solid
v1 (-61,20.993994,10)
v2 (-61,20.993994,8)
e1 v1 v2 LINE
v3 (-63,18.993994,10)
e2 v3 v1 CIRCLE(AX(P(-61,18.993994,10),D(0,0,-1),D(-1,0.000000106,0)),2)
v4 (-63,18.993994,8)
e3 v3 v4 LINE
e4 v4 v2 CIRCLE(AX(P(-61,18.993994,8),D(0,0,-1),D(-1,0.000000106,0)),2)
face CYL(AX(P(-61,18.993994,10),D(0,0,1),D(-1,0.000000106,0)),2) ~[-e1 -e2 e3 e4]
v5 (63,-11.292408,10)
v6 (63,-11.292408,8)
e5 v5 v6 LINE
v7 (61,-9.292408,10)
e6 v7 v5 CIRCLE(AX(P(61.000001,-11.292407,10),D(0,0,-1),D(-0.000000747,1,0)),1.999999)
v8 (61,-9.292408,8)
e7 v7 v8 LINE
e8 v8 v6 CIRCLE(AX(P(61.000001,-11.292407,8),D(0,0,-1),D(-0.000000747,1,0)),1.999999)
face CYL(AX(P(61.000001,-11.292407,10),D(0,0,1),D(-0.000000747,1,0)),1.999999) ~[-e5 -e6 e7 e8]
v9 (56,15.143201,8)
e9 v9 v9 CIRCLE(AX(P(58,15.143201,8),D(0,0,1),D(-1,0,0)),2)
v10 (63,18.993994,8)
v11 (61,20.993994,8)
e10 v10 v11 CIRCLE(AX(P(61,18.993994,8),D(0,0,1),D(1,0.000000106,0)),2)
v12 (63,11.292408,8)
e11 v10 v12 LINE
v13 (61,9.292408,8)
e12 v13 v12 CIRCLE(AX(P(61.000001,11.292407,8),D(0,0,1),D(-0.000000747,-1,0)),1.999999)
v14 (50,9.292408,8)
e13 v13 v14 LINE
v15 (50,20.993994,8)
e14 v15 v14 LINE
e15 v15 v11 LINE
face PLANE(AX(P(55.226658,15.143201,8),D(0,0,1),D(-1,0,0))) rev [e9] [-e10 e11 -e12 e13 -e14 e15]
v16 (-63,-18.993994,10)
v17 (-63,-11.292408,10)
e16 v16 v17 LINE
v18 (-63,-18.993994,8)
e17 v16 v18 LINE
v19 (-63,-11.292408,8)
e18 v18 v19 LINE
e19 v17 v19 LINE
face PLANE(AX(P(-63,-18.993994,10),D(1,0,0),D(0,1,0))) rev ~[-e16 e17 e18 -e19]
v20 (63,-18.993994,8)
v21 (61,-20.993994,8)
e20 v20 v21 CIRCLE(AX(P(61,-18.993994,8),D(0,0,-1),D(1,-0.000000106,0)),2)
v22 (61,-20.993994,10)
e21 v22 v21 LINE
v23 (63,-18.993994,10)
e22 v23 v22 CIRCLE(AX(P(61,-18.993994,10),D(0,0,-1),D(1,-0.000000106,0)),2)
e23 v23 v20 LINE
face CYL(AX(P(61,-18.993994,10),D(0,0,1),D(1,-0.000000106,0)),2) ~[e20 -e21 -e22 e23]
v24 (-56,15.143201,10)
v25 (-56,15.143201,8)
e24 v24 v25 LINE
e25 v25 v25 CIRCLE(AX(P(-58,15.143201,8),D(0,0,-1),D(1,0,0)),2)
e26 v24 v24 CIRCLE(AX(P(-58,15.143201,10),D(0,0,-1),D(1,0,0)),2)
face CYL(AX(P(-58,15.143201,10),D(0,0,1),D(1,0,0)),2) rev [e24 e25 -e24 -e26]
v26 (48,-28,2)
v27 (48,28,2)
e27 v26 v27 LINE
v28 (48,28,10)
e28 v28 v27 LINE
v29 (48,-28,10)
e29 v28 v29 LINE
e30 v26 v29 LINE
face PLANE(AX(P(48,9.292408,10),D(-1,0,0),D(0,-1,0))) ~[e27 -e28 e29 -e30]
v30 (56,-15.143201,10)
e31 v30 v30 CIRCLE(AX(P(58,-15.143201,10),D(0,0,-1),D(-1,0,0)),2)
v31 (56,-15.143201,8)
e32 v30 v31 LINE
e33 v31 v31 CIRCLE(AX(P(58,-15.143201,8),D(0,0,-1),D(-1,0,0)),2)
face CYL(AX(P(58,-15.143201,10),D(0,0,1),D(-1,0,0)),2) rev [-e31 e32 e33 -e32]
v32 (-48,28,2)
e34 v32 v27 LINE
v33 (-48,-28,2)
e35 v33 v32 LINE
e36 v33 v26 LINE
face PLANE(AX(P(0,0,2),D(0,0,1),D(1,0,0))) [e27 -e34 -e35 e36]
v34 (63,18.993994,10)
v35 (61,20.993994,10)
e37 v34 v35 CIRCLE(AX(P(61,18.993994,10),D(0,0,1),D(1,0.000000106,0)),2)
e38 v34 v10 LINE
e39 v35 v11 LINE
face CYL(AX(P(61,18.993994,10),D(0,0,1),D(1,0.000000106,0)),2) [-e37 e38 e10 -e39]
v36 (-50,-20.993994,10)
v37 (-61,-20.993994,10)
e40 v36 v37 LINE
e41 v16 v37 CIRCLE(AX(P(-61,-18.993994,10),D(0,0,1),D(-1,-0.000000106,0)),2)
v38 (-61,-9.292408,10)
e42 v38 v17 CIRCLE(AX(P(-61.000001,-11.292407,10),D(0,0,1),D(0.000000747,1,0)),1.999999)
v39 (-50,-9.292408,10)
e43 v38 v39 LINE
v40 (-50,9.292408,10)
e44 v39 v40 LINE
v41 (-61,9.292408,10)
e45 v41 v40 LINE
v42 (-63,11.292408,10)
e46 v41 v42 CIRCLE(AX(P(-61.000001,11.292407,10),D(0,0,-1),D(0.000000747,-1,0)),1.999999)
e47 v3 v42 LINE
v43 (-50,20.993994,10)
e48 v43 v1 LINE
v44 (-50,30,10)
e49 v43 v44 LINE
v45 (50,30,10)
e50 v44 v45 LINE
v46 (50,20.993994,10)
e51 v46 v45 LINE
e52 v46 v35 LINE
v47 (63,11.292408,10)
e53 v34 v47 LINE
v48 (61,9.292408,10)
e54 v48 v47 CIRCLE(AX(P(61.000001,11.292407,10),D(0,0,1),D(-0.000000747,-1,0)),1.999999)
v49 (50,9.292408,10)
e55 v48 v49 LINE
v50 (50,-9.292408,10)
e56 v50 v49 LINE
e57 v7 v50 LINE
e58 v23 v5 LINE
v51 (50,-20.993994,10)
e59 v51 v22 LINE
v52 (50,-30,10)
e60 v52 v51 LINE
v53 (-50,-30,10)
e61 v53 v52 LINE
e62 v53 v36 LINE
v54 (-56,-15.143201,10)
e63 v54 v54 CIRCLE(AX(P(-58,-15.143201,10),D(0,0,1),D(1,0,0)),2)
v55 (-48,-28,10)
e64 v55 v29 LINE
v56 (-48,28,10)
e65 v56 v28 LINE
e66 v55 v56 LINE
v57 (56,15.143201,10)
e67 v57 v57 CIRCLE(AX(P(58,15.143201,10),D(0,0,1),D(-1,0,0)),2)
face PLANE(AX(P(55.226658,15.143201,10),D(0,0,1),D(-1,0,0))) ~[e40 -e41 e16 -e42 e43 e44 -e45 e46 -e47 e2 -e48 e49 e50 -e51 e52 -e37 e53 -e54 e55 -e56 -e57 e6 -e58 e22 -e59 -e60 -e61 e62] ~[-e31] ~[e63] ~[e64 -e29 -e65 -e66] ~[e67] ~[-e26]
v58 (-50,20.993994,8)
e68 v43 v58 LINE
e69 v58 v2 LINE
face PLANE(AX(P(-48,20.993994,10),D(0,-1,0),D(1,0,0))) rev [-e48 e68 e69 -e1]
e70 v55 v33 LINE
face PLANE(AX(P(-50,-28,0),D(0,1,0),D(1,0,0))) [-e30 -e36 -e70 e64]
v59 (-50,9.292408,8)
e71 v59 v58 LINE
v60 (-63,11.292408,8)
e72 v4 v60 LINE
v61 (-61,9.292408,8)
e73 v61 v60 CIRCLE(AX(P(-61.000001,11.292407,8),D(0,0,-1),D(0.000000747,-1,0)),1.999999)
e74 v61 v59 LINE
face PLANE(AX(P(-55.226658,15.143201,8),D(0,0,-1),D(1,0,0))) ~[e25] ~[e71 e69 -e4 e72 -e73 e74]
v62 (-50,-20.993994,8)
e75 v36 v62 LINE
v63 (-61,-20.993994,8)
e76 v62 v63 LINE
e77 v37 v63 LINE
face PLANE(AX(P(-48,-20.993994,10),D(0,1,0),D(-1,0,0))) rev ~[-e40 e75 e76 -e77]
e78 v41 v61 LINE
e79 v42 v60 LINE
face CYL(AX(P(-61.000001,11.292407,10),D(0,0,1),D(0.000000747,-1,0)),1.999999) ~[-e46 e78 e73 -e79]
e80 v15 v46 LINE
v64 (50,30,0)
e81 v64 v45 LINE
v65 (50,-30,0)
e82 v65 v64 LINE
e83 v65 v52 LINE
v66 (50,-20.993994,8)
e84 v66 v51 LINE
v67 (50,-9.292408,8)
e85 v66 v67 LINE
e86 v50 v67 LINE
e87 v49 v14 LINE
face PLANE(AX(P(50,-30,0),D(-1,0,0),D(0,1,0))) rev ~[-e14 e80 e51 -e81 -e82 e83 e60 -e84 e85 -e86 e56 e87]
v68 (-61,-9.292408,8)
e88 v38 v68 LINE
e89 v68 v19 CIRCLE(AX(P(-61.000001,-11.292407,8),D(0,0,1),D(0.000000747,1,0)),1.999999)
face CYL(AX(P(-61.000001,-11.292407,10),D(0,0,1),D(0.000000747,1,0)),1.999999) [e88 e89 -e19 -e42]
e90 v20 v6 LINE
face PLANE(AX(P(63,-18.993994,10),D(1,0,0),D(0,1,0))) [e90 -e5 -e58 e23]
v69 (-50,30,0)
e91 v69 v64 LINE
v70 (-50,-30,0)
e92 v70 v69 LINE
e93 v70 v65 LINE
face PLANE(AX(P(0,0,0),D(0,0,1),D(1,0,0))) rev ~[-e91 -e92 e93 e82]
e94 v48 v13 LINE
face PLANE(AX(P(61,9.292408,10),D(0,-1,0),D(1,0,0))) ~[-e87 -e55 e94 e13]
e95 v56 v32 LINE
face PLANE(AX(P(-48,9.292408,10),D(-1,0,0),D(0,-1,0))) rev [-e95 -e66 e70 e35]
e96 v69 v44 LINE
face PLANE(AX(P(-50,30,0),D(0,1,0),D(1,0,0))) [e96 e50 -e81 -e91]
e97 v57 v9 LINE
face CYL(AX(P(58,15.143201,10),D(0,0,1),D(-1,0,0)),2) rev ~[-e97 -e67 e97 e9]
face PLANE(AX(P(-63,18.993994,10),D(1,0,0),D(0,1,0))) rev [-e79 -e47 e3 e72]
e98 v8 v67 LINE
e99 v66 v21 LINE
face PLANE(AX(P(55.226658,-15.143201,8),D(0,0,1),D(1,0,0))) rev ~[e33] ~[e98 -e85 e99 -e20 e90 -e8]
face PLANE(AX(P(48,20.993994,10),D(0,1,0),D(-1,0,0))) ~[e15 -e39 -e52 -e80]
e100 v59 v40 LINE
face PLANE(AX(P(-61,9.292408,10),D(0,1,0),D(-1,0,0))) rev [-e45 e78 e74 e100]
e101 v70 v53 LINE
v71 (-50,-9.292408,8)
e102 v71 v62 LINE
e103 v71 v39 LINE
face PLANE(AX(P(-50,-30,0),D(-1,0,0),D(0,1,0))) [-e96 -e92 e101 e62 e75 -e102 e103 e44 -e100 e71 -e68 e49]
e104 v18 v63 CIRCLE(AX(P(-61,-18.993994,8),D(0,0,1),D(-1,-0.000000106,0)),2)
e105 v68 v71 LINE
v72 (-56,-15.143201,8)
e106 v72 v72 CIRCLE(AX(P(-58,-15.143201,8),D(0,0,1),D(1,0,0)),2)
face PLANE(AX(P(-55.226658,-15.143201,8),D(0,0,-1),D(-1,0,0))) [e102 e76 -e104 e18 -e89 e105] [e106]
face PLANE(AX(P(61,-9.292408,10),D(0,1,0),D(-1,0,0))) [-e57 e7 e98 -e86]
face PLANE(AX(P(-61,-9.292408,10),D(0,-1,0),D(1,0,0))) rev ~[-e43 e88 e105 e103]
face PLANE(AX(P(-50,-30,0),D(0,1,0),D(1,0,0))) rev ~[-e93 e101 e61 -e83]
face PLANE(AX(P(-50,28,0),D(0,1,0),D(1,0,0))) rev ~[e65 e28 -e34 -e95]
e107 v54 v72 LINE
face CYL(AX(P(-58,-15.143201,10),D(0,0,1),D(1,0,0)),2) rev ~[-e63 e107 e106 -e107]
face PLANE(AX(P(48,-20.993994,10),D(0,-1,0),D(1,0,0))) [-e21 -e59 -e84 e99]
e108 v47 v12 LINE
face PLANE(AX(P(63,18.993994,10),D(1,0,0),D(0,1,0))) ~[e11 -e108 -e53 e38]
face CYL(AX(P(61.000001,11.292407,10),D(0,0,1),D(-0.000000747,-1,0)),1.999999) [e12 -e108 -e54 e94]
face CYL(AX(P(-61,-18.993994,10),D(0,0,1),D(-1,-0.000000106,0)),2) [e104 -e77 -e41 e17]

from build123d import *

# Parameters (mm, degrees)
SKETCH_W                = 100
SKETCH_H                = 60
PAD_DEPTH               = 10
THICKNESS_T             = -2
SKETCH001_R             = 2
PAD001_DEPTH            = 2
SKETCH001_MIRRORED_2_R  = 2
PAD001_MIRRORED_2_DEPTH = 2


with BuildPart() as part:
    # Sketch → Pad (new body)
    with BuildSketch(Plane.XY):
        Rectangle(SKETCH_W, SKETCH_H)
    extrude(amount=PAD_DEPTH)

    # Thickness
    thickness_openings = [part.faces().sort_by_distance(p)[0] for p in [
        (0, 0, 10),
    ]]
    offset(amount=THICKNESS_T, openings=thickness_openings)

    # Sketch001 (on Face6 of Thickness) → Pad001 (join)
    with BuildSketch(Plane.XY.offset(10)):
        with BuildLine():
            Line((-61, -9.292408), (-48, -9.292408))
            Line((-48, -9.292408), (-48, -20.993994))
            Line((-48, -20.993994), (-61, -20.993994))
            ThreePointArc((-63, -18.993994), (-62.414214, -20.408207), (-61, -20.993994))
            Line((-63, -18.993994), (-63, -11.292408))
            ThreePointArc((-61, -9.292408), (-62.414214, -9.878194), (-63, -11.292408))
        make_face()
        with Locations((-58, -15.143201)):
            Circle(SKETCH001_R, mode=Mode.SUBTRACT)
    pad001 = extrude(amount=-PAD001_DEPTH)

    # Sketch001 Mirrored 2 → Pad001 Mirrored 2 (add)
    with BuildSketch(Plane(origin=(0, 0, 10), x_dir=(-1, 0, 0), z_dir=(0, 0, -1))):
        with BuildLine():
            Line((-61, -9.292408), (-48, -9.292408))
            Line((-48, -9.292408), (-48, -20.993994))
            Line((-48, -20.993994), (-61, -20.993994))
            ThreePointArc((-63, -18.993994), (-62.414214, -20.408207), (-61, -20.993994))
            Line((-63, -18.993994), (-63, -11.292408))
            ThreePointArc((-61, -9.292408), (-62.414214, -9.878194), (-63, -11.292408))
        make_face()
        with Locations((-58, -15.143201)):
            Circle(SKETCH001_MIRRORED_2_R, mode=Mode.SUBTRACT)
    pad001_mirrored_2 = extrude(amount=PAD001_MIRRORED_2_DEPTH)

    # Mirrored001: Pad001, Pad001 Mirrored 2 across XZ
    add(pad001.mirror(Plane.XZ))
    add(pad001_mirrored_2.mirror(Plane.XZ))


solid = part.part
